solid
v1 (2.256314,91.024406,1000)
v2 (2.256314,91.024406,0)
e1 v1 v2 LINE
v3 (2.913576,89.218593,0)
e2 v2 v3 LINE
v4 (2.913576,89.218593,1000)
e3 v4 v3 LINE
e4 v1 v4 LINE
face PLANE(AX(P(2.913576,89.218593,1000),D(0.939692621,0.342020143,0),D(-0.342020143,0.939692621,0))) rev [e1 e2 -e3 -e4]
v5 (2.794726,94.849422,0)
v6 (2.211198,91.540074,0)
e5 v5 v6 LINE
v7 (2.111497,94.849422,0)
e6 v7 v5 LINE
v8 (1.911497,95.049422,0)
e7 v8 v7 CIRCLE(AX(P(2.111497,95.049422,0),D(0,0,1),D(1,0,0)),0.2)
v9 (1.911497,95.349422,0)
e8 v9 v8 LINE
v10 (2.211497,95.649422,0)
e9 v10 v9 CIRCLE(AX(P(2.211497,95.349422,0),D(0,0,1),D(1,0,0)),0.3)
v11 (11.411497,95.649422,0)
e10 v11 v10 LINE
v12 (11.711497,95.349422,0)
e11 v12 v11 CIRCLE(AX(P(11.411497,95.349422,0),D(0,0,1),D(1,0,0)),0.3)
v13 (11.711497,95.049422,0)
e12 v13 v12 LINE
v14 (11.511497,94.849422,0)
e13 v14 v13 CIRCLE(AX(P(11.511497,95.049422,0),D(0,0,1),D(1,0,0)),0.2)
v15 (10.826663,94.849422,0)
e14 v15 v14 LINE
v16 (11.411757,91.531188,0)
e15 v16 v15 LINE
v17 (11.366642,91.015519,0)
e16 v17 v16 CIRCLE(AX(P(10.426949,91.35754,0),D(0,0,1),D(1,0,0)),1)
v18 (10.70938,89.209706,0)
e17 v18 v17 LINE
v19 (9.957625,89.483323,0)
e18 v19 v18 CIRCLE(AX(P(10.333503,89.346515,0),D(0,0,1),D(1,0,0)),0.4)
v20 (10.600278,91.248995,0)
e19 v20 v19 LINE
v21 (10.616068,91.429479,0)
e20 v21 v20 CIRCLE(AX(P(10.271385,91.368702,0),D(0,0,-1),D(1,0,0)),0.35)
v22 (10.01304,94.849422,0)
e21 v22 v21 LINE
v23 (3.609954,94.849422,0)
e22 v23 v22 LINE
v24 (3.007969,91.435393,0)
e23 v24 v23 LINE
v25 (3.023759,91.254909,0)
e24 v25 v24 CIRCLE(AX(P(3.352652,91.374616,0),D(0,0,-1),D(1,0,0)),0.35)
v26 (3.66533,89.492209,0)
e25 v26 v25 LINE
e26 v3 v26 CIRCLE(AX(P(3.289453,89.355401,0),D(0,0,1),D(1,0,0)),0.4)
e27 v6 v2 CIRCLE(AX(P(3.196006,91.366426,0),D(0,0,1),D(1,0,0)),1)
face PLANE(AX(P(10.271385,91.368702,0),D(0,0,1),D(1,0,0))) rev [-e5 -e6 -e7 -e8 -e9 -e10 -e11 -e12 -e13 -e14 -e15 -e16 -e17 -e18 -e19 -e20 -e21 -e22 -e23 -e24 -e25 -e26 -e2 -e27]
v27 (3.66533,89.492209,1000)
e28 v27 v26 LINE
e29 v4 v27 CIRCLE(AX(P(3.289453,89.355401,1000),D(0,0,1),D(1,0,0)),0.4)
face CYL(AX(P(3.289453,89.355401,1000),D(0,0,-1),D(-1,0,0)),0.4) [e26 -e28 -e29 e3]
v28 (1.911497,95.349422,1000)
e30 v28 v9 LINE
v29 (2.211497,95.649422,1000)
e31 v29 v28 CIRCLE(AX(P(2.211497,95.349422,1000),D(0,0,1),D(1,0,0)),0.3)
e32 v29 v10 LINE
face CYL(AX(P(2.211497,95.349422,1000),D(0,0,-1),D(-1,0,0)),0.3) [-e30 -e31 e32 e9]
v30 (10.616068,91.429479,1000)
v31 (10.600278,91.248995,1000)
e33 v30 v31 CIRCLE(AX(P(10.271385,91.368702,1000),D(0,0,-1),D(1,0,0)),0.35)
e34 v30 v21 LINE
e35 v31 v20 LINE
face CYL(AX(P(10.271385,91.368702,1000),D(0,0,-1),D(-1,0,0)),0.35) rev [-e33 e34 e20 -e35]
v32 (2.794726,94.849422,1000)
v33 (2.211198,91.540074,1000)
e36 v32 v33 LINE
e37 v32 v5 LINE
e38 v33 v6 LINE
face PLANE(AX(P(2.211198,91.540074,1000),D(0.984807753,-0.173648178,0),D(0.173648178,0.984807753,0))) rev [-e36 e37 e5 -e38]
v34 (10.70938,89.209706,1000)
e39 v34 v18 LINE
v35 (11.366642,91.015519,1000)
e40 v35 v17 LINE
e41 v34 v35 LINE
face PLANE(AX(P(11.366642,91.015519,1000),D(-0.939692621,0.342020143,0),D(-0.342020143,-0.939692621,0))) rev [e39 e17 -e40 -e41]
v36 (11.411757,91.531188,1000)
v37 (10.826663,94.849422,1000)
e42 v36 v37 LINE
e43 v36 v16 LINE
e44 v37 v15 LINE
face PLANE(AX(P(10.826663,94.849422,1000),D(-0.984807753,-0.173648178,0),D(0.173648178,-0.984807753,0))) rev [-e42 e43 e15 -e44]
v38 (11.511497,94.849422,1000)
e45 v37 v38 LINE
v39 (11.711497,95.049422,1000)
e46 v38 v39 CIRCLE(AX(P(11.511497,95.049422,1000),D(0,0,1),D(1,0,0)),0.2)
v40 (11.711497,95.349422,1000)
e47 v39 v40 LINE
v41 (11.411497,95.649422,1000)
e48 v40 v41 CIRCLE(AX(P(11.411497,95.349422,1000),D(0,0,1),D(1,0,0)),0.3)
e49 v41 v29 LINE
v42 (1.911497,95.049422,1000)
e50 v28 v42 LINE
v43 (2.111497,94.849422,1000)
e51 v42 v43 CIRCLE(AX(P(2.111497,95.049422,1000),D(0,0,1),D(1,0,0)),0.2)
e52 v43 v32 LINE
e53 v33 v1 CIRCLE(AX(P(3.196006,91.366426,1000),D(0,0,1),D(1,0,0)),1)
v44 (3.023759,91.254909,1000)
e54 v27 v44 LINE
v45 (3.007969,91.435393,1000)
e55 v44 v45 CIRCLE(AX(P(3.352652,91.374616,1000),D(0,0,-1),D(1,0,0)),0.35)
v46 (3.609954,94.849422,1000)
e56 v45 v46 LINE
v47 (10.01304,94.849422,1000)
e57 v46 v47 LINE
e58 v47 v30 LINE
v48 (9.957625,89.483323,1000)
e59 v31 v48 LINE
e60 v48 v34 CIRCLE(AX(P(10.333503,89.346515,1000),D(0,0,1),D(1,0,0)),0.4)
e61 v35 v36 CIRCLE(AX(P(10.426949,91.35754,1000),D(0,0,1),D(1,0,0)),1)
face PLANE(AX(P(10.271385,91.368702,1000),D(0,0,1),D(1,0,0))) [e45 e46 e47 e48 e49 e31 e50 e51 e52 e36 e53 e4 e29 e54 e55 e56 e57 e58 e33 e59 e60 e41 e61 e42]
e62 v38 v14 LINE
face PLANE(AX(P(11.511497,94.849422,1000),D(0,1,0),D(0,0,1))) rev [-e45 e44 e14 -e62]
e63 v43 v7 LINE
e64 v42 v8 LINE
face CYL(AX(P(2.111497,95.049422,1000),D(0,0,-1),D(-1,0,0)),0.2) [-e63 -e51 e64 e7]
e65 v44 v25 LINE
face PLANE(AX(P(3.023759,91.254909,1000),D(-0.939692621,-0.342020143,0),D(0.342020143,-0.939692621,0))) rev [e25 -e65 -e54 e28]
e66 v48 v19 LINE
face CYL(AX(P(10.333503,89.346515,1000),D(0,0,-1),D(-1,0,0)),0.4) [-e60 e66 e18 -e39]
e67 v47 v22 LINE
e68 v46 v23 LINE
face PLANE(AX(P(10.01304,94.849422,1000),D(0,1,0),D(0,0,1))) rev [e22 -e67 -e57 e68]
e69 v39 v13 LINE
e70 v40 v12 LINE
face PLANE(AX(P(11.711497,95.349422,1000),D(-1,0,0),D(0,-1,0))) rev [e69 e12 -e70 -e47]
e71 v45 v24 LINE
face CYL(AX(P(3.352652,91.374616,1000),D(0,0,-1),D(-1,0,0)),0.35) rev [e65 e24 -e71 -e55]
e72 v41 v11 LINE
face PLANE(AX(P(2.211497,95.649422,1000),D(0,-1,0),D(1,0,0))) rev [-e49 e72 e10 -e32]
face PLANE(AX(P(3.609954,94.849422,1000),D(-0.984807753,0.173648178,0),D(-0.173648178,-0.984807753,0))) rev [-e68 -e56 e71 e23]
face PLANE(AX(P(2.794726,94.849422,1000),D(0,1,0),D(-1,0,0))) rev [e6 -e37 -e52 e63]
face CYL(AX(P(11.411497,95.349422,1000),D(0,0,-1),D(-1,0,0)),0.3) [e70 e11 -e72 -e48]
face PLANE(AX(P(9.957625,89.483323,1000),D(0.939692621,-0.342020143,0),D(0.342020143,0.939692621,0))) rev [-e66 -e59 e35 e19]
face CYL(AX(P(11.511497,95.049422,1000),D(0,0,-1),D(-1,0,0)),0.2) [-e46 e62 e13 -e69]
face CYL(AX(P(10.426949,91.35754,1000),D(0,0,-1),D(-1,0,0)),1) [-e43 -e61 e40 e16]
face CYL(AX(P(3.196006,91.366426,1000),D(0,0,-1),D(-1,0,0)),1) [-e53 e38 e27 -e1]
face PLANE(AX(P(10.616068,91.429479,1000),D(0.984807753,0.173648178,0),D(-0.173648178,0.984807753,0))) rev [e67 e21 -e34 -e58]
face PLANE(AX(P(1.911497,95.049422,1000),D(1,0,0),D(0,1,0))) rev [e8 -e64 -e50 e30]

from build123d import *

# Parameters (mm, degrees)
EXTRUDE_1_DEPTH = 1000


with BuildPart() as part:
    # 草图1 → 拉伸1 (new body)
    with BuildSketch(Plane.XY):
        with BuildLine():
            Line((9.957625481, 89.483322587), (10.600277657, 91.248994929))
            ThreePointArc((10.600277657, 91.248994929), (10.620053384, 91.338197469), (10.616067953, 91.429478841))
            Line((10.616067953, 91.429478841), (10.013039731, 94.849421835))
            Line((10.013039731, 94.849421835), (3.609954409, 94.849421835))
            Line((3.609954409, 94.849421835), (3.007969074, 91.435393352))
            ThreePointArc((3.007969074, 91.435393352), (3.003983643, 91.34411198), (3.02375937, 91.25490944))
            Line((3.02375937, 91.25490944), (3.665329884, 89.49220894))
            ThreePointArc((3.665329884, 89.49220894), (3.426260893, 88.979523834), (2.913575787, 89.218592825))
            Line((2.913575787, 89.218592825), (2.25631362, 91.024405789))
            ThreePointArc((2.25631362, 91.024405789), (2.199811543, 91.27927019), (2.211198488, 91.54007411))
            Line((2.211198488, 91.54007411), (2.79472578, 94.849421835))
            Line((2.79472578, 94.849421835), (2.11149707, 94.849421835))
            ThreePointArc((2.11149707, 94.849421835), (1.970075714, 94.908000479), (1.91149707, 95.049421835))
            Line((1.91149707, 95.049421835), (1.91149707, 95.349421835))
            ThreePointArc((1.91149707, 95.349421835), (1.999365035, 95.56155387), (2.21149707, 95.649421835))
            Line((2.21149707, 95.649421835), (11.41149707, 95.649421835))
            ThreePointArc((11.41149707, 95.649421835), (11.623629104, 95.56155387), (11.71149707, 95.349421835))
            Line((11.71149707, 95.349421835), (11.71149707, 95.049421835))
            ThreePointArc((11.71149707, 95.049421835), (11.652918426, 94.908000479), (11.51149707, 94.849421835))
            Line((11.51149707, 94.849421835), (10.826662681, 94.849421835))
            Line((10.826662681, 94.849421835), (11.411756877, 91.531187757))
            ThreePointArc((11.411756877, 91.531187757), (11.423143822, 91.270383837), (11.366641745, 91.015519436))
            Line((11.366641745, 91.015519436), (10.709379578, 89.209706473))
            ThreePointArc((10.709379578, 89.209706473), (10.196694472, 88.970637482), (9.957625481, 89.483322587))
        make_face()
    extrude(amount=EXTRUDE_1_DEPTH)


solid = part.part
